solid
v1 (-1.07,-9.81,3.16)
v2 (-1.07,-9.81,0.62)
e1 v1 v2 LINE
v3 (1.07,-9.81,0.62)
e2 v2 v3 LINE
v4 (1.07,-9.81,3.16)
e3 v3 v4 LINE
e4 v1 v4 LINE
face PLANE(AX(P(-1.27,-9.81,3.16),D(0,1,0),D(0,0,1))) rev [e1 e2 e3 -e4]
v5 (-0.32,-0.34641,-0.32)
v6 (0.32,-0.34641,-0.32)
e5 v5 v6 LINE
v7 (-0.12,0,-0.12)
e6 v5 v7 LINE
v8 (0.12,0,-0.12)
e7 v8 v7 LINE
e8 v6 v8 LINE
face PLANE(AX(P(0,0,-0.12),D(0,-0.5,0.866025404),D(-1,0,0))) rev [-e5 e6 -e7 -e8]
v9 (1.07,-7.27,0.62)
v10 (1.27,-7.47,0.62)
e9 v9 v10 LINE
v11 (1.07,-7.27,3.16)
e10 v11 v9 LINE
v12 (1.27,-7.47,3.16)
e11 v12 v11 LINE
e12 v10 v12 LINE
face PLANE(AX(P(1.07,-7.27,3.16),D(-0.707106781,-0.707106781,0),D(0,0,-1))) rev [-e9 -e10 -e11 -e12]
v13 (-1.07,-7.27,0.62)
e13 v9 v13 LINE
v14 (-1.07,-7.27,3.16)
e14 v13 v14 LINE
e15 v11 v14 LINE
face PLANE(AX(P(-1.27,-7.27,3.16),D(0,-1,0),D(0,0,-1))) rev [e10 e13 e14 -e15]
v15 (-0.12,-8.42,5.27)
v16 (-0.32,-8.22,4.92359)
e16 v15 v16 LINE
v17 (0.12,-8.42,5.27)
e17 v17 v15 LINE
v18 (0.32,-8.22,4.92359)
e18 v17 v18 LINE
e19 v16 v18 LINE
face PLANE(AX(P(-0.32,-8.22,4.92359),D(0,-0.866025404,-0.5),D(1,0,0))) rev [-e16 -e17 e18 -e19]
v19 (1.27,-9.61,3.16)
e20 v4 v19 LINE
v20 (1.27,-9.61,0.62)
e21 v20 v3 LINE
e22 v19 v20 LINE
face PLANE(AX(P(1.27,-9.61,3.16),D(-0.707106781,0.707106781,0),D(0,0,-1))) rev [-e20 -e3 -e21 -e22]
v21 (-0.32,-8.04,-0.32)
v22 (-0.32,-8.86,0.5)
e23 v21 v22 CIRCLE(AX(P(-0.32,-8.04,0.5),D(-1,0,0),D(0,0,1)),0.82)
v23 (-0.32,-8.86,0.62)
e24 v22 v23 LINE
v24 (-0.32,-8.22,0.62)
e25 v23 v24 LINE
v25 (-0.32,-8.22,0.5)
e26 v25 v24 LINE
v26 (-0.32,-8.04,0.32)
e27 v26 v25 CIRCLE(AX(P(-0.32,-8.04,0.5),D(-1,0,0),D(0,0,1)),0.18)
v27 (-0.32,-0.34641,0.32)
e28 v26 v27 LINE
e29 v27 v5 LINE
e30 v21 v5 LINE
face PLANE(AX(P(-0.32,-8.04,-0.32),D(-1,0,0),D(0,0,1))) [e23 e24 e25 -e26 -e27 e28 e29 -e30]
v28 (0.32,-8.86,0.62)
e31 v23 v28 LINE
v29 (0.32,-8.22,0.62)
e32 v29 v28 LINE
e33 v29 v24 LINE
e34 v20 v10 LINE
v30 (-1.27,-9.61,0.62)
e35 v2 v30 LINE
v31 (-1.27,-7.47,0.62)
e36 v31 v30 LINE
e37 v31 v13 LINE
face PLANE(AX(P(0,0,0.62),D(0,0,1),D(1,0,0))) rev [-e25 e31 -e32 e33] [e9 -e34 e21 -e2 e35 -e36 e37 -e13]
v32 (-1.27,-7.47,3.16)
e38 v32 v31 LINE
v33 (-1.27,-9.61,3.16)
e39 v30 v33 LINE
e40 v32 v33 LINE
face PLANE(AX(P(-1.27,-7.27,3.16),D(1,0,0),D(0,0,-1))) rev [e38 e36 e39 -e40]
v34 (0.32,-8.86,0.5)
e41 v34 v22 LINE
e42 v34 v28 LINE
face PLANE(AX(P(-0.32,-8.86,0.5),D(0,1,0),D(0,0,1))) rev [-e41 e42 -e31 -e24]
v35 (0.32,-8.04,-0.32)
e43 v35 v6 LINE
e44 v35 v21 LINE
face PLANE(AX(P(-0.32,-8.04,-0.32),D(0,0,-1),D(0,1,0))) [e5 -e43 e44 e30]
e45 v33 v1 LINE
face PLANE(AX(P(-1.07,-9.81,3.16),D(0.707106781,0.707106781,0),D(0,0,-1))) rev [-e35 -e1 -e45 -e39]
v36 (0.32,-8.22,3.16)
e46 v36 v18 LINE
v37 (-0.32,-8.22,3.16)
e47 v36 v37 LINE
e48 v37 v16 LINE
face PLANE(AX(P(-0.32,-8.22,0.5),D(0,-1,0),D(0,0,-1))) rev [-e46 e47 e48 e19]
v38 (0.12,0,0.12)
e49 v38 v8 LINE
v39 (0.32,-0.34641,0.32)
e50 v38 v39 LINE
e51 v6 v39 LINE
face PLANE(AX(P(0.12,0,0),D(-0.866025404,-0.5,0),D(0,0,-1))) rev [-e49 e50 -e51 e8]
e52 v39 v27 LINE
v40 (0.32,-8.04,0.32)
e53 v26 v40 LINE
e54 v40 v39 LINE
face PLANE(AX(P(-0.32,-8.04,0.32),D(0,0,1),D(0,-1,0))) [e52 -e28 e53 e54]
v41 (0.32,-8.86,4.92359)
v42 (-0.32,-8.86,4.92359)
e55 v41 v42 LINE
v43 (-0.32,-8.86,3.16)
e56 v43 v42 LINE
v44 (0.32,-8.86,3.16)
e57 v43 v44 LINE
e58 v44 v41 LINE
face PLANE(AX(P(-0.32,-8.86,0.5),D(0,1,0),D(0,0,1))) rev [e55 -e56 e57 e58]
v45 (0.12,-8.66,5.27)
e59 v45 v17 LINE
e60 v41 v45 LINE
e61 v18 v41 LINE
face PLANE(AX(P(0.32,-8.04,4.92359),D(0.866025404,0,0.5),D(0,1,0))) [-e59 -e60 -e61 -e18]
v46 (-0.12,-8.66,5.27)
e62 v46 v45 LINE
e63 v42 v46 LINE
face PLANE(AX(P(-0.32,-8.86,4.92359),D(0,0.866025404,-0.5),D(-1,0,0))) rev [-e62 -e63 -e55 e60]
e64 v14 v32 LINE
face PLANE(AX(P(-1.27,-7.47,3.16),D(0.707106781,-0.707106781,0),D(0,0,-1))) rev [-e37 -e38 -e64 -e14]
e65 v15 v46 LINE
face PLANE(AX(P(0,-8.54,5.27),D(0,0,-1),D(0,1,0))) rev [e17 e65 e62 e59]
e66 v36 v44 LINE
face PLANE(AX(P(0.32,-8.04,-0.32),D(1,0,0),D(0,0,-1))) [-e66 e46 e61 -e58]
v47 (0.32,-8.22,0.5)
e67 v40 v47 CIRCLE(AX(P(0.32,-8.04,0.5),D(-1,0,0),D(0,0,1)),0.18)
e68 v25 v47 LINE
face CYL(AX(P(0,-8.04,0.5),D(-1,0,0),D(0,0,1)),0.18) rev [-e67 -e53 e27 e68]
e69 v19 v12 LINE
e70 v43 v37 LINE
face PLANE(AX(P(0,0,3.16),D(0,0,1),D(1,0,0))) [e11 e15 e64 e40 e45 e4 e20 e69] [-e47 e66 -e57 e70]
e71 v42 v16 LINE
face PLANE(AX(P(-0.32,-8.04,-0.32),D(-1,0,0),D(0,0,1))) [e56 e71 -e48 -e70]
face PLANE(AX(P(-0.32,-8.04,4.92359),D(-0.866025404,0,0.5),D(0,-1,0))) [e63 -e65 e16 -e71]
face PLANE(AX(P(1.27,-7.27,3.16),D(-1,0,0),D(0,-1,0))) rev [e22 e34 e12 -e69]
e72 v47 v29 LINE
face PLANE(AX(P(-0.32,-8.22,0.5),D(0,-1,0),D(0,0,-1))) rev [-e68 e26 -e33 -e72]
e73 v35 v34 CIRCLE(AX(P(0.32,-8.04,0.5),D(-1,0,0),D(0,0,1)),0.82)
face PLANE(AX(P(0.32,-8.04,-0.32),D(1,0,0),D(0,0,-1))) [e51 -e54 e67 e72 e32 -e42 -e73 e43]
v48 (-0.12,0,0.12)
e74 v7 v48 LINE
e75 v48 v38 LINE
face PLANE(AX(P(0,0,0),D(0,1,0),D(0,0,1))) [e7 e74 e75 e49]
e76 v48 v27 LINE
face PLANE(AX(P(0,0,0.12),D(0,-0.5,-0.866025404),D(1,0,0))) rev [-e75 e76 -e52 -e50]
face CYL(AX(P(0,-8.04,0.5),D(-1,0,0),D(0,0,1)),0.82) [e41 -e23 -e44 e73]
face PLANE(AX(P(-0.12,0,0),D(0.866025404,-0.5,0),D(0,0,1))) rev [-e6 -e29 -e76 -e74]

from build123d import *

# Parameters (mm, degrees)
SKETCH_2_W      = 0.64
SKETCH_2_H      = 0.64
CHAMFER_1_SIZE  = 0.2
CHAMFER_1_SIZE2 = 0.346410162
CHAMFER_2_SIZE  = 0.2
CHAMFER_2_SIZE2 = 0.346410162
SKETCH_3_W      = 2.54
SKETCH_3_H      = 2.54
EXTRUDE_1_DEPTH = 2.54
CHAMFER_3_SIZE  = 0.2


with BuildPart() as part:
    # По траектории1: sweep along a path in Эскиз1
    with BuildLine(Plane(origin=(0, 0, 0), x_dir=(0, 0, -1), z_dir=(1, 0, 0))) as sweep_1_path:
        Line((0, 0), (0, -8.04))
        ThreePointArc((0, -8.04), (-0.146446609, -8.393553391), (-0.5, -8.54))
        Line((-0.5, -8.54), (-5.27, -8.54))
    # Эскиз2 → По траектории1 (sweep)
    with BuildSketch(Plane(origin=(0, 0, 0), x_dir=(1, 0, 0), z_dir=(0, 1, 0))):
        Rectangle(SKETCH_2_W, SKETCH_2_H)
    sweep(path=sweep_1_path.line)

    # Фаска1
    chamfer_1_edges = [part.edges().sort_by_distance(p)[0] for p in [
        (0.32, -8.54, 5.27),
        (0, -8.86, 5.27),
        (-0.32, -8.54, 5.27),
        (0, -8.22, 5.27),
    ]]
    chamfer_1_side = [part.faces().sort_by_distance(p)[0] for p in [
        (0, -8.54, 5.27),
    ]]
    chamfer(chamfer_1_edges, length=CHAMFER_1_SIZE, length2=CHAMFER_1_SIZE2, reference=chamfer_1_side[0])

    # Фаска2
    chamfer_2_edges = [part.edges().sort_by_distance(p)[0] for p in [
        (0, 0, 0.32),
        (-0.32, 0, 0),
        (0, 0, -0.32),
        (0.32, 0, 0),
    ]]
    chamfer_2_side = [part.faces().sort_by_distance(p)[0] for p in [
        (0, 0, 0),
    ]]
    chamfer(chamfer_2_edges, length=CHAMFER_2_SIZE, length2=CHAMFER_2_SIZE2, reference=chamfer_2_side[0])

    # Эскиз3 → Бобышка-Вытянуть1 (add)
    with BuildSketch(Plane.XY.offset(0.62)):
        with Locations((0, -8.54)):
            Rectangle(SKETCH_3_W, SKETCH_3_H)
    extrude(amount=EXTRUDE_1_DEPTH)

    # Фаска3
    chamfer_3_edges = [part.edges().sort_by_distance(p)[0] for p in [
        (1.27, -9.81, 1.89),
        (1.27, -7.27, 1.89),
        (-1.27, -7.27, 1.89),
        (-1.27, -9.81, 1.89),
    ]]
    chamfer(chamfer_3_edges, length=CHAMFER_3_SIZE)


solid = part.part
